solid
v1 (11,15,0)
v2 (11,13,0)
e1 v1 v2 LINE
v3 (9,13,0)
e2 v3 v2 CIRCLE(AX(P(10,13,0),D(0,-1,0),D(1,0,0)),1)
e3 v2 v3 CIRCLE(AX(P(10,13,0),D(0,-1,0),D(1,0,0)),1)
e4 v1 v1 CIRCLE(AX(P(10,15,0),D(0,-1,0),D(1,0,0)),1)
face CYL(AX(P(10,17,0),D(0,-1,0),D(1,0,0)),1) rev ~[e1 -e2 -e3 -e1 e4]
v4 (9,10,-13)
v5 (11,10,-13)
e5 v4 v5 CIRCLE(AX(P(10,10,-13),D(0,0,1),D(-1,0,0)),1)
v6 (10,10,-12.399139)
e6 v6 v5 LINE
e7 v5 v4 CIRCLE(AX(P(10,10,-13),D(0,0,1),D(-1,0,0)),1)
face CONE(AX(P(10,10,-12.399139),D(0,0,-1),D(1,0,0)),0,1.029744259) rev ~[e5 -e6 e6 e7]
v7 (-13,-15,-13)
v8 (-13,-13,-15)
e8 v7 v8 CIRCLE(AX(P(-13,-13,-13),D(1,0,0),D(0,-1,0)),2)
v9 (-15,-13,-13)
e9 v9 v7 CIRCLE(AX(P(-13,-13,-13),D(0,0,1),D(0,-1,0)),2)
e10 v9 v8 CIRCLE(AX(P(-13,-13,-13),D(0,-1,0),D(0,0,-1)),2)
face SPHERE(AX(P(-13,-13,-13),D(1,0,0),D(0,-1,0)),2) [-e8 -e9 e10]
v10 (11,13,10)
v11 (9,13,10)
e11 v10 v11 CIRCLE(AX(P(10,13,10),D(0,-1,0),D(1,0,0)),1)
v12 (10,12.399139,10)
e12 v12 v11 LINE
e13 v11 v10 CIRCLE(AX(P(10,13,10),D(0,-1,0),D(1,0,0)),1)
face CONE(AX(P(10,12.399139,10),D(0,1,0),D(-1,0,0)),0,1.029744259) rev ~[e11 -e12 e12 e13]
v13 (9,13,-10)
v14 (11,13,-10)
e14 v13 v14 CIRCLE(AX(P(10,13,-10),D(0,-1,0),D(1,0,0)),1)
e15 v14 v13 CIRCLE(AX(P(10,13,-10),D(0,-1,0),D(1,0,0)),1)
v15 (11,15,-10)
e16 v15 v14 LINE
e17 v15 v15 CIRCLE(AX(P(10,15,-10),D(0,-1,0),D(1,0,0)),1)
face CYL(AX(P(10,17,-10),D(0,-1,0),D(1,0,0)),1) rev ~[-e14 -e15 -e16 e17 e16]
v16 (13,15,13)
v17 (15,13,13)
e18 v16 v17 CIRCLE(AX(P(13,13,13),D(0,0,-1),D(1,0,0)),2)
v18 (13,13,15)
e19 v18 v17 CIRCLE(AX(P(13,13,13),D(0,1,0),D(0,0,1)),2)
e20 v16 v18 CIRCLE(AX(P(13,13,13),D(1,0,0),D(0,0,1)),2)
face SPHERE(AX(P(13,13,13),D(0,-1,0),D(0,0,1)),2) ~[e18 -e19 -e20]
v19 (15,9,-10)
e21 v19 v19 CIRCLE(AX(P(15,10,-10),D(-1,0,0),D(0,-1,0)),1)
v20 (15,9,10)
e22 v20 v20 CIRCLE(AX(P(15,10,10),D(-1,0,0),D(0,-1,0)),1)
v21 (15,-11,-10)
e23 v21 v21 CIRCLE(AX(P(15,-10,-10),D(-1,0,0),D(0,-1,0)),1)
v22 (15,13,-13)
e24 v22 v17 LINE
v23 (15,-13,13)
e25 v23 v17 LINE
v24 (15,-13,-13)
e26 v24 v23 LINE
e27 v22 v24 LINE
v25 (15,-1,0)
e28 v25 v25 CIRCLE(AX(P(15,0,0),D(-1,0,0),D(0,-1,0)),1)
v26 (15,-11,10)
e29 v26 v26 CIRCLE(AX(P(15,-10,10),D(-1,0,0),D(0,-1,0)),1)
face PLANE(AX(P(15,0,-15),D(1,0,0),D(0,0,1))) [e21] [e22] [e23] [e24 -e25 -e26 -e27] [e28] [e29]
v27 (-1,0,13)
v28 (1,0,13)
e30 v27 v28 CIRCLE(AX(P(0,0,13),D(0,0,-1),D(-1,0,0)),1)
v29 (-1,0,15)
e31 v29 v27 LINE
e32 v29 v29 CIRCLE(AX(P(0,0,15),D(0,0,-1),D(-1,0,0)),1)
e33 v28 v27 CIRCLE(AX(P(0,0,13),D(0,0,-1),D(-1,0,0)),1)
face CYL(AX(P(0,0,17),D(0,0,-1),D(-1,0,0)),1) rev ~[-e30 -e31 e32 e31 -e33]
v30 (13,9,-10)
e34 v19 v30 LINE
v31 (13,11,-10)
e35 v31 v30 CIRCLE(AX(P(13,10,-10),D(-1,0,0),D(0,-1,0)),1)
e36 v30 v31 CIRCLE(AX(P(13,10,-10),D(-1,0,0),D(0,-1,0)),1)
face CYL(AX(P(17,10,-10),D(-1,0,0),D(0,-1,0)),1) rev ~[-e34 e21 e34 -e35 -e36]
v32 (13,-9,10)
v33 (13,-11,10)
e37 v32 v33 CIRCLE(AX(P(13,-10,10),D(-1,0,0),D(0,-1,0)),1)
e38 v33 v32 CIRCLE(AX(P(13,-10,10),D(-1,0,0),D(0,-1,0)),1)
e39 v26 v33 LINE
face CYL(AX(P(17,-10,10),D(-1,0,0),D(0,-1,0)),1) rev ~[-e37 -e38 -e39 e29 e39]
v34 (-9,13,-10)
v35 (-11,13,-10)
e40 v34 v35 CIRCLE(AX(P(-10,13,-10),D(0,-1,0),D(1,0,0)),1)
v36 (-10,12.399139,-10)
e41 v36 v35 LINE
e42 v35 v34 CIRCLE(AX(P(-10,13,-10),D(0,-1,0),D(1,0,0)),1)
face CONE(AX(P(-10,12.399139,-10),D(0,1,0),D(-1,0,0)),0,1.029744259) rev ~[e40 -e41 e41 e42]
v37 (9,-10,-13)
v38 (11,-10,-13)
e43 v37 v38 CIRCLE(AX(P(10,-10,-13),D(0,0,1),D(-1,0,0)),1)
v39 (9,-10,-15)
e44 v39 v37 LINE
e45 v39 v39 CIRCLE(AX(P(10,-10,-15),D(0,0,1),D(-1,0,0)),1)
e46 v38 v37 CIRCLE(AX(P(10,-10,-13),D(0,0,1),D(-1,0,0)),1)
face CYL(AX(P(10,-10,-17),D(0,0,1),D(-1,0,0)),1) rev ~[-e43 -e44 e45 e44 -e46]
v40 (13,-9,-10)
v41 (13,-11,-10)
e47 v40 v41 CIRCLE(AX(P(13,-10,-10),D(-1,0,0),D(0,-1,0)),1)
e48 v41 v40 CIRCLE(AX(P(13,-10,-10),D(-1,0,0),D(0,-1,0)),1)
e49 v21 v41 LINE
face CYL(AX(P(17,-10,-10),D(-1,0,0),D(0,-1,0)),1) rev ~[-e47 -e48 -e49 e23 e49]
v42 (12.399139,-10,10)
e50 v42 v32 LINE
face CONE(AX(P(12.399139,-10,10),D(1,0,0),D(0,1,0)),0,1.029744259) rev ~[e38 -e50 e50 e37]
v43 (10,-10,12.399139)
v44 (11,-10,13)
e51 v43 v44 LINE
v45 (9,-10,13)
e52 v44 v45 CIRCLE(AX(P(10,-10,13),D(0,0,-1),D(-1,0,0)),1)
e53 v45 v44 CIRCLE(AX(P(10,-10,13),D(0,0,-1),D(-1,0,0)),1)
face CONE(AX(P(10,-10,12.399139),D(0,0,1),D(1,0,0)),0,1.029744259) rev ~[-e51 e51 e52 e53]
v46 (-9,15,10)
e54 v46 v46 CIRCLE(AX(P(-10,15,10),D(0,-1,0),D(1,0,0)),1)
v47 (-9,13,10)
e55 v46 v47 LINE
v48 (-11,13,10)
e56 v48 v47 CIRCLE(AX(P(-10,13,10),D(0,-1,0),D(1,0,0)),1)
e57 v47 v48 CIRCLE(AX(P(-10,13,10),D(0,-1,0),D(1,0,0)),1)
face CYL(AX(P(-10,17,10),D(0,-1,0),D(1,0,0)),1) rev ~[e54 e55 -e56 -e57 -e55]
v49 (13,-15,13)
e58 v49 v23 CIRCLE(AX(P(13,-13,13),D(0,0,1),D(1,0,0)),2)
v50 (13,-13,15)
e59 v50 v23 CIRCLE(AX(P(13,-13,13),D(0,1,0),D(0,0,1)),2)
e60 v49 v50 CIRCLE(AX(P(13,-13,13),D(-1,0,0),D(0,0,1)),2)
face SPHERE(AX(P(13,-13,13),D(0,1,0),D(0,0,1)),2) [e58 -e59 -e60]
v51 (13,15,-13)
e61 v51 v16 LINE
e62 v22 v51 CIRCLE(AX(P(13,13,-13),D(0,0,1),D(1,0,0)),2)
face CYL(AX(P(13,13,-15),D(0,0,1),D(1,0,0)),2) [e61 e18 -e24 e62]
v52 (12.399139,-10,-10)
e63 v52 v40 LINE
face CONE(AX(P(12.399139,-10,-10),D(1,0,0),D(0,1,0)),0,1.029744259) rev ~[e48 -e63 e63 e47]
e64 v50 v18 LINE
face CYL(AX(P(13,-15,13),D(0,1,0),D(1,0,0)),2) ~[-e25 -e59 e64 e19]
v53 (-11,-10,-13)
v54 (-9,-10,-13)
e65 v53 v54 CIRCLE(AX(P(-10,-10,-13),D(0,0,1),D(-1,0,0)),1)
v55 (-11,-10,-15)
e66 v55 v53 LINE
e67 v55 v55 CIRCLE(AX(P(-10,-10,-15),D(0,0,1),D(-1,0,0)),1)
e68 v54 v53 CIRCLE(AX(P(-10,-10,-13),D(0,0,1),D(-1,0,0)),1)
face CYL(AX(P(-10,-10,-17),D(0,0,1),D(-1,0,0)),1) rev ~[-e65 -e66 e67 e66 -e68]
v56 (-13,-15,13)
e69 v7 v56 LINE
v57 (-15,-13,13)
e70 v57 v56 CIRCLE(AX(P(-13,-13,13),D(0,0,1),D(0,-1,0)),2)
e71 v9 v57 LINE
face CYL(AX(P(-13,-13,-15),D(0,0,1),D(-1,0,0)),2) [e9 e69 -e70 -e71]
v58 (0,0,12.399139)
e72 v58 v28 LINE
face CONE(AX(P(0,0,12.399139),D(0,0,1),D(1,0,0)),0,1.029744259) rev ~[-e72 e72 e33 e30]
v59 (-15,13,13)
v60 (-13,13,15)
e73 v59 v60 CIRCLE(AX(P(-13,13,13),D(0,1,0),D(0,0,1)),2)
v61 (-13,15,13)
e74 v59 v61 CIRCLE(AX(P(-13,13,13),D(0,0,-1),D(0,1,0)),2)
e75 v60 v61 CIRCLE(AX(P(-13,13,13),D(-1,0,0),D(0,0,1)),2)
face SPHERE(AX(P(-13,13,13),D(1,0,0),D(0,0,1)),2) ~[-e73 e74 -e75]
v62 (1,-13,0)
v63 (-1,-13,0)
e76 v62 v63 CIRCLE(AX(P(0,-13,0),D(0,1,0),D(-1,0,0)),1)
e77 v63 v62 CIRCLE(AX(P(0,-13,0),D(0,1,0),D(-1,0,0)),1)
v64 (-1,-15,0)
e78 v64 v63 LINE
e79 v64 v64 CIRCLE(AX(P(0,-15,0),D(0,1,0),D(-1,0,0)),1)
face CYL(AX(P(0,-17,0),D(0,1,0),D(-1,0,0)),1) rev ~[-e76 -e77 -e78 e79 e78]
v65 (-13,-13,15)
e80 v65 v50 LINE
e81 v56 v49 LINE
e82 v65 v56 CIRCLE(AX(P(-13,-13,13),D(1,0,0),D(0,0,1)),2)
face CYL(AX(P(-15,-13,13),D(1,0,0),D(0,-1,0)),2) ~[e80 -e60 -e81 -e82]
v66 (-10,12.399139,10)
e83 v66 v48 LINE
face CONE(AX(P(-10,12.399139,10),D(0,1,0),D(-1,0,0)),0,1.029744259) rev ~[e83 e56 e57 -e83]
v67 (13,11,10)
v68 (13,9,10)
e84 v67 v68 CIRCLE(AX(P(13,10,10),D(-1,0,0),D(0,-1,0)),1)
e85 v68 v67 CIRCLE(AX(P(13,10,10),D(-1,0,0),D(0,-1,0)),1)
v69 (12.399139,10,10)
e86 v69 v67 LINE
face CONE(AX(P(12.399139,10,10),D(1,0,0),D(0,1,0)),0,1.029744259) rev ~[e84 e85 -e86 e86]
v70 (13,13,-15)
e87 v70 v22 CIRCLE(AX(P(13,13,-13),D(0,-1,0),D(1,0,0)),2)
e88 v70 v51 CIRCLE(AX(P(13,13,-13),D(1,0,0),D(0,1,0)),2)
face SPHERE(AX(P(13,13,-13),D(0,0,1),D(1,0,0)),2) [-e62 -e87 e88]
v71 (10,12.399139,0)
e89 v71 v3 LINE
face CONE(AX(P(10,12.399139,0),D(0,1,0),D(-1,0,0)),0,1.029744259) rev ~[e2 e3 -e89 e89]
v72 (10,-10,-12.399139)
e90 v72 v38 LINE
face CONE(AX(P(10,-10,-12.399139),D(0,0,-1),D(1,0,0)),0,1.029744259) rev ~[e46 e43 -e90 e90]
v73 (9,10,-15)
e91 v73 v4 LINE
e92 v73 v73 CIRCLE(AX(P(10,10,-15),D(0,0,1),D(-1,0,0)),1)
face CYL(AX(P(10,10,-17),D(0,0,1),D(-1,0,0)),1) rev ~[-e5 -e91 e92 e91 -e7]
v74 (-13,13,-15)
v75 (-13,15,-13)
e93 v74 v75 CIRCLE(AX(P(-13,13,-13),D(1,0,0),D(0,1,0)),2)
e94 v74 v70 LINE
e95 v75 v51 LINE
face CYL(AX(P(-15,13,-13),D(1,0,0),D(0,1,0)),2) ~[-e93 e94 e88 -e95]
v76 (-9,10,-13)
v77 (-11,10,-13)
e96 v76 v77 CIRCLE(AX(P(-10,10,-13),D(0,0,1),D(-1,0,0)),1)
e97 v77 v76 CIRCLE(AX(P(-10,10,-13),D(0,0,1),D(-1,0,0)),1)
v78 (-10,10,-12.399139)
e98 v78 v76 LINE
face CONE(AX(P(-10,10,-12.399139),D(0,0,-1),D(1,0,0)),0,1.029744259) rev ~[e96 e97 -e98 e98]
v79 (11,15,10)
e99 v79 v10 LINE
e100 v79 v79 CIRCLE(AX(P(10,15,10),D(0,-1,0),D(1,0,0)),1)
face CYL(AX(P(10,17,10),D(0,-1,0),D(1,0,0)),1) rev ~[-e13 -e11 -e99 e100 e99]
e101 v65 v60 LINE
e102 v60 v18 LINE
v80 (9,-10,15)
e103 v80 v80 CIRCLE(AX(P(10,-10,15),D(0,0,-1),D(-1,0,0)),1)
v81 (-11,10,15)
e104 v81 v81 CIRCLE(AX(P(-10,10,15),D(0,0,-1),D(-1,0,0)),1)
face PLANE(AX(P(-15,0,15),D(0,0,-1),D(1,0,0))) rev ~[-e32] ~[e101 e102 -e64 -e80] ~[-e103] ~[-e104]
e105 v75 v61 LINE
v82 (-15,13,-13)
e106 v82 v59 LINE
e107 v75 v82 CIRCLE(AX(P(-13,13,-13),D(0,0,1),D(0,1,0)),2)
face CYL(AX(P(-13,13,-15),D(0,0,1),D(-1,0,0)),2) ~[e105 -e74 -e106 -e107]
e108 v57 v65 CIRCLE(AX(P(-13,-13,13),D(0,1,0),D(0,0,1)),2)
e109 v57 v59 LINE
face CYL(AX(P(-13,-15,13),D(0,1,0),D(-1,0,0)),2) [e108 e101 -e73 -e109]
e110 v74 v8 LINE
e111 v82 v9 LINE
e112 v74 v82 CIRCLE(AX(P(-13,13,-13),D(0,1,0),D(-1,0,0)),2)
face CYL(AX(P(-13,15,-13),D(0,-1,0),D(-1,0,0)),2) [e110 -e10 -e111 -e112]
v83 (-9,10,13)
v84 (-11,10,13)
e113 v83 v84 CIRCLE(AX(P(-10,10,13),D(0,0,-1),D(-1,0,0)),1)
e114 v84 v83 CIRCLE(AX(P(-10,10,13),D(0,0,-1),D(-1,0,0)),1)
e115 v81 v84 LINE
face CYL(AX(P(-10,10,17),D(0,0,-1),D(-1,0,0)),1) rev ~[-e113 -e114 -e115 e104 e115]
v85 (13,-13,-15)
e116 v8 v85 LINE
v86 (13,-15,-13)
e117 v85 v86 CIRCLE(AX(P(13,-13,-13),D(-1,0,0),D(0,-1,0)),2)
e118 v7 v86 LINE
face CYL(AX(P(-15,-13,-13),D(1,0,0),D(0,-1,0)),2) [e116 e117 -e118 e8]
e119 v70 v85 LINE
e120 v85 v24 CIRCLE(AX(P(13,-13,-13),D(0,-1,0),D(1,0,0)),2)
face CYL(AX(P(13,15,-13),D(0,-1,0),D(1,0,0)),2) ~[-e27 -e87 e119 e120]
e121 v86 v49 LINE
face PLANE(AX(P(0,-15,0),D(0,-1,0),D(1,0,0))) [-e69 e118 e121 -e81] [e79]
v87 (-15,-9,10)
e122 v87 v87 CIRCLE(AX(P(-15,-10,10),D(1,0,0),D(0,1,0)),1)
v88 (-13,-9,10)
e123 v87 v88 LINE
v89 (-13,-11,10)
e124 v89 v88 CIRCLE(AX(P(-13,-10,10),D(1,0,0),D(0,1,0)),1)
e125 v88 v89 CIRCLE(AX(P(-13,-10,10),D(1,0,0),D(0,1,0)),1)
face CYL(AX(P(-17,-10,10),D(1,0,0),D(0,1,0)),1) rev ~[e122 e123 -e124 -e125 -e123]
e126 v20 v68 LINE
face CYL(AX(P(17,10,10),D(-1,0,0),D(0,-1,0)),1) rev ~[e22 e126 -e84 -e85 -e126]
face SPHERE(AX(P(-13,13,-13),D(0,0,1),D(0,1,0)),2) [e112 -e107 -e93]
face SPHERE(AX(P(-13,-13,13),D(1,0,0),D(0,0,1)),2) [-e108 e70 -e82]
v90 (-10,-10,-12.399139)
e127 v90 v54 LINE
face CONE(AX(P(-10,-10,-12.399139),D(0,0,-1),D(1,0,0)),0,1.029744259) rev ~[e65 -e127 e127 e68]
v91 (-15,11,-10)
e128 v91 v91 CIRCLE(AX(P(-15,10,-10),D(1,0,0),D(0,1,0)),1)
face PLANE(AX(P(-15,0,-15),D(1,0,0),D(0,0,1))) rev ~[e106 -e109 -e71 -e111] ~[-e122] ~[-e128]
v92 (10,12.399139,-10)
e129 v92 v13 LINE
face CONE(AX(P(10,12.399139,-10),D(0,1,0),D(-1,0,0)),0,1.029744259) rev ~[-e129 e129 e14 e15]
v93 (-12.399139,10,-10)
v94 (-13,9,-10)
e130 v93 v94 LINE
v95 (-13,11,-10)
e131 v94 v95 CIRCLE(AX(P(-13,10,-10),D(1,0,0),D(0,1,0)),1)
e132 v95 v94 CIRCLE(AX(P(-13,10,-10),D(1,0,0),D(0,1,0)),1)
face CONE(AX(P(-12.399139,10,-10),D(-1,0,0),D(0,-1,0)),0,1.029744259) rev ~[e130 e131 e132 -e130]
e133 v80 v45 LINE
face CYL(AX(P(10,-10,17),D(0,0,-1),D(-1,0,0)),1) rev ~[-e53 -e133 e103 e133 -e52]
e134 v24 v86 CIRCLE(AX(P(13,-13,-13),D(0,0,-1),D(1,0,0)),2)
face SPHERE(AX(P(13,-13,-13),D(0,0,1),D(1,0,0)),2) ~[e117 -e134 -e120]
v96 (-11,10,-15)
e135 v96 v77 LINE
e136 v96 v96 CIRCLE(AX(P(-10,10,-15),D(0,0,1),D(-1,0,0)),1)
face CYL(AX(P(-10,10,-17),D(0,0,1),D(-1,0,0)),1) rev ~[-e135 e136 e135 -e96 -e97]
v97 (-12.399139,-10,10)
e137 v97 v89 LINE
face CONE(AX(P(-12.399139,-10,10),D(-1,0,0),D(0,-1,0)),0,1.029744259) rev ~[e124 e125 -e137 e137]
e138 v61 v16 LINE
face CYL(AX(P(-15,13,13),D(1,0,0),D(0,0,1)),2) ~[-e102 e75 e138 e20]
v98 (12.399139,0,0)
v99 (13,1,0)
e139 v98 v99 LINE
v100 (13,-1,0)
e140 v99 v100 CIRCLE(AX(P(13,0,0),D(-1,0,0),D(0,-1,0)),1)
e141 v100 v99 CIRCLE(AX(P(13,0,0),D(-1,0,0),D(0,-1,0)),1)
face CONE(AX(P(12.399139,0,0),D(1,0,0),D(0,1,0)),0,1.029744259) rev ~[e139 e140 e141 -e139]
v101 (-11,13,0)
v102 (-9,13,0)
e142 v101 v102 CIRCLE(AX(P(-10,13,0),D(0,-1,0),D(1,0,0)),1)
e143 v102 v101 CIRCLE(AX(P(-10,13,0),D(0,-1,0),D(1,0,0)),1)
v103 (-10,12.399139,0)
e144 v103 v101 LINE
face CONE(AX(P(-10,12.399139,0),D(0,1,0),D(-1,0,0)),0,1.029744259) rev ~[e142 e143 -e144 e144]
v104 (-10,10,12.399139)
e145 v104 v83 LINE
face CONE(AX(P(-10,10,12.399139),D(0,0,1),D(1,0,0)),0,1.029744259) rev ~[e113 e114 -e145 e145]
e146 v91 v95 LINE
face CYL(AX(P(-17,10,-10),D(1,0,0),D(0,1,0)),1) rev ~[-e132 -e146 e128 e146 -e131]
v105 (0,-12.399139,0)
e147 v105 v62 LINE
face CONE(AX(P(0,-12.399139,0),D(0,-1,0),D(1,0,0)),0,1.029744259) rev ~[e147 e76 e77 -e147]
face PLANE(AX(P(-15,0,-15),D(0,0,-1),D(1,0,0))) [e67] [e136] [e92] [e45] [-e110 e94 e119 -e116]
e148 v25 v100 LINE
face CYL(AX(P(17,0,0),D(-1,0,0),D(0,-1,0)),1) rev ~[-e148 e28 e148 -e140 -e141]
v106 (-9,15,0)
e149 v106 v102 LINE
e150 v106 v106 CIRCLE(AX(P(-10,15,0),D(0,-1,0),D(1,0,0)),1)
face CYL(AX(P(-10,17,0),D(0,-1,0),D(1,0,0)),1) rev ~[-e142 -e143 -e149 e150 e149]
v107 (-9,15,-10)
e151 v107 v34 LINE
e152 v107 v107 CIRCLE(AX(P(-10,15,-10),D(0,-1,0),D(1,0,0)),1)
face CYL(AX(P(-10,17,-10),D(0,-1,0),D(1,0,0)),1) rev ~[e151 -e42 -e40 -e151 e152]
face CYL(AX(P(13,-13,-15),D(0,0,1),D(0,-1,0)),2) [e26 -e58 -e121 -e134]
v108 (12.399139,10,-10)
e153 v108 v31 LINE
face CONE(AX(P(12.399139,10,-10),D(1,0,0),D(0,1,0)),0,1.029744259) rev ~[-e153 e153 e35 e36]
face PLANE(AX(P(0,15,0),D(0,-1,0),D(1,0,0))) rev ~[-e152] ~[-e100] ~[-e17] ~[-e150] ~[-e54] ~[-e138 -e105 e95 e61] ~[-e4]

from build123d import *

# Parameters (mm, degrees)
F0_W      = 30
F0_H      = 30
F1_DEPTH  = 15
F2_R      = 2
F4_D      = 2
F4_DEPTH  = 2
F4_TIP    = 0.600860619
F6_D      = 2
F6_DEPTH  = 2
F6_TIP    = 0.600860619
F8_D      = 2
F8_DEPTH  = 2
F8_TIP    = 0.600860619
F10_D     = 2
F10_DEPTH = 2
F10_TIP   = 0.600860619
F12_D     = 2
F12_DEPTH = 2
F12_TIP   = 0.600860619
F14_D     = 2
F14_DEPTH = 2
F14_TIP   = 0.600860619


with BuildPart() as f1:
    # F0 (on Front) → F1 (new body, symmetric)
    with BuildSketch(Plane.XZ):
        Rectangle(F0_W, F0_H)
    extrude(amount=F1_DEPTH, both=True)

    # F2
    f2_edges = [f1.edges().sort_by_distance(p)[0] for p in [
        (15, 0, 15),
        (0, -15, 15),
        (0, 15, 15),
        (-15, 0, 15),
        (-15, 15, 0),
        (15, 15, 0),
        (15, -15, 0),
        (15, 0, -15),
        (0, -15, -15),
        (0, 15, -15),
        (-15, -15, 0),
        (-15, 0, -15),
    ]]
    fillet(f2_edges, radius=F2_R)

    # F4
    with Locations(Plane(origin=(0, 0, -15), x_dir=(1, 0, 0), z_dir=(0, 0, -1))):
        with Locations((-10, -10), (-10, 10), (10, 10), (10, -10)):
            Hole(F4_D / 2, depth=F4_DEPTH)
            with Locations((0, 0, -(F4_DEPTH + F4_TIP / 2))):  # 118° drill point
                Cone(0, F4_D / 2, F4_TIP, mode=Mode.SUBTRACT)

    # F6
    with Locations(Plane(origin=(0, 15, 0), x_dir=(-1, 0, 0), z_dir=(0, 1, 0))):
        with Locations((10, -10), (-10, -10), (10, 0), (10, 10), (-10, 0), (-10, 10)):
            Hole(F6_D / 2, depth=F6_DEPTH)
            with Locations((0, 0, -(F6_DEPTH + F6_TIP / 2))):  # 118° drill point
                Cone(0, F6_D / 2, F6_TIP, mode=Mode.SUBTRACT)

    # F8
    with Locations(Plane.XY.offset(15)):
        with Locations((0, 0), (10, -10), (-10, 10)):
            Hole(F8_D / 2, depth=F8_DEPTH)
            with Locations((0, 0, -(F8_DEPTH + F8_TIP / 2))):  # 118° drill point
                Cone(0, F8_D / 2, F8_TIP, mode=Mode.SUBTRACT)

    # F10
    with Locations(Plane.YZ.offset(15)):
        with Locations((-10, -10), (10, -10), (0, 0), (-10, 10), (10, 10)):
            Hole(F10_D / 2, depth=F10_DEPTH)
            with Locations((0, 0, -(F10_DEPTH + F10_TIP / 2))):  # 118° drill point
                Cone(0, F10_D / 2, F10_TIP, mode=Mode.SUBTRACT)

    # F12
    with Locations(Plane(origin=(-15, 0, 0), x_dir=(0, -1, 0), z_dir=(-1, 0, 0))):
        with Locations((-10, -10), (10, 10)):
            Hole(F12_D / 2, depth=F12_DEPTH)
            with Locations((0, 0, -(F12_DEPTH + F12_TIP / 2))):  # 118° drill point
                Cone(0, F12_D / 2, F12_TIP, mode=Mode.SUBTRACT)

    # F14
    with Locations(Plane.XZ.offset(15)):
        with Locations((0, 0)):
            Hole(F14_D / 2, depth=F14_DEPTH)
            with Locations((0, 0, -(F14_DEPTH + F14_TIP / 2))):  # 118° drill point
                Cone(0, F14_D / 2, F14_TIP, mode=Mode.SUBTRACT)


solid = f1.part
